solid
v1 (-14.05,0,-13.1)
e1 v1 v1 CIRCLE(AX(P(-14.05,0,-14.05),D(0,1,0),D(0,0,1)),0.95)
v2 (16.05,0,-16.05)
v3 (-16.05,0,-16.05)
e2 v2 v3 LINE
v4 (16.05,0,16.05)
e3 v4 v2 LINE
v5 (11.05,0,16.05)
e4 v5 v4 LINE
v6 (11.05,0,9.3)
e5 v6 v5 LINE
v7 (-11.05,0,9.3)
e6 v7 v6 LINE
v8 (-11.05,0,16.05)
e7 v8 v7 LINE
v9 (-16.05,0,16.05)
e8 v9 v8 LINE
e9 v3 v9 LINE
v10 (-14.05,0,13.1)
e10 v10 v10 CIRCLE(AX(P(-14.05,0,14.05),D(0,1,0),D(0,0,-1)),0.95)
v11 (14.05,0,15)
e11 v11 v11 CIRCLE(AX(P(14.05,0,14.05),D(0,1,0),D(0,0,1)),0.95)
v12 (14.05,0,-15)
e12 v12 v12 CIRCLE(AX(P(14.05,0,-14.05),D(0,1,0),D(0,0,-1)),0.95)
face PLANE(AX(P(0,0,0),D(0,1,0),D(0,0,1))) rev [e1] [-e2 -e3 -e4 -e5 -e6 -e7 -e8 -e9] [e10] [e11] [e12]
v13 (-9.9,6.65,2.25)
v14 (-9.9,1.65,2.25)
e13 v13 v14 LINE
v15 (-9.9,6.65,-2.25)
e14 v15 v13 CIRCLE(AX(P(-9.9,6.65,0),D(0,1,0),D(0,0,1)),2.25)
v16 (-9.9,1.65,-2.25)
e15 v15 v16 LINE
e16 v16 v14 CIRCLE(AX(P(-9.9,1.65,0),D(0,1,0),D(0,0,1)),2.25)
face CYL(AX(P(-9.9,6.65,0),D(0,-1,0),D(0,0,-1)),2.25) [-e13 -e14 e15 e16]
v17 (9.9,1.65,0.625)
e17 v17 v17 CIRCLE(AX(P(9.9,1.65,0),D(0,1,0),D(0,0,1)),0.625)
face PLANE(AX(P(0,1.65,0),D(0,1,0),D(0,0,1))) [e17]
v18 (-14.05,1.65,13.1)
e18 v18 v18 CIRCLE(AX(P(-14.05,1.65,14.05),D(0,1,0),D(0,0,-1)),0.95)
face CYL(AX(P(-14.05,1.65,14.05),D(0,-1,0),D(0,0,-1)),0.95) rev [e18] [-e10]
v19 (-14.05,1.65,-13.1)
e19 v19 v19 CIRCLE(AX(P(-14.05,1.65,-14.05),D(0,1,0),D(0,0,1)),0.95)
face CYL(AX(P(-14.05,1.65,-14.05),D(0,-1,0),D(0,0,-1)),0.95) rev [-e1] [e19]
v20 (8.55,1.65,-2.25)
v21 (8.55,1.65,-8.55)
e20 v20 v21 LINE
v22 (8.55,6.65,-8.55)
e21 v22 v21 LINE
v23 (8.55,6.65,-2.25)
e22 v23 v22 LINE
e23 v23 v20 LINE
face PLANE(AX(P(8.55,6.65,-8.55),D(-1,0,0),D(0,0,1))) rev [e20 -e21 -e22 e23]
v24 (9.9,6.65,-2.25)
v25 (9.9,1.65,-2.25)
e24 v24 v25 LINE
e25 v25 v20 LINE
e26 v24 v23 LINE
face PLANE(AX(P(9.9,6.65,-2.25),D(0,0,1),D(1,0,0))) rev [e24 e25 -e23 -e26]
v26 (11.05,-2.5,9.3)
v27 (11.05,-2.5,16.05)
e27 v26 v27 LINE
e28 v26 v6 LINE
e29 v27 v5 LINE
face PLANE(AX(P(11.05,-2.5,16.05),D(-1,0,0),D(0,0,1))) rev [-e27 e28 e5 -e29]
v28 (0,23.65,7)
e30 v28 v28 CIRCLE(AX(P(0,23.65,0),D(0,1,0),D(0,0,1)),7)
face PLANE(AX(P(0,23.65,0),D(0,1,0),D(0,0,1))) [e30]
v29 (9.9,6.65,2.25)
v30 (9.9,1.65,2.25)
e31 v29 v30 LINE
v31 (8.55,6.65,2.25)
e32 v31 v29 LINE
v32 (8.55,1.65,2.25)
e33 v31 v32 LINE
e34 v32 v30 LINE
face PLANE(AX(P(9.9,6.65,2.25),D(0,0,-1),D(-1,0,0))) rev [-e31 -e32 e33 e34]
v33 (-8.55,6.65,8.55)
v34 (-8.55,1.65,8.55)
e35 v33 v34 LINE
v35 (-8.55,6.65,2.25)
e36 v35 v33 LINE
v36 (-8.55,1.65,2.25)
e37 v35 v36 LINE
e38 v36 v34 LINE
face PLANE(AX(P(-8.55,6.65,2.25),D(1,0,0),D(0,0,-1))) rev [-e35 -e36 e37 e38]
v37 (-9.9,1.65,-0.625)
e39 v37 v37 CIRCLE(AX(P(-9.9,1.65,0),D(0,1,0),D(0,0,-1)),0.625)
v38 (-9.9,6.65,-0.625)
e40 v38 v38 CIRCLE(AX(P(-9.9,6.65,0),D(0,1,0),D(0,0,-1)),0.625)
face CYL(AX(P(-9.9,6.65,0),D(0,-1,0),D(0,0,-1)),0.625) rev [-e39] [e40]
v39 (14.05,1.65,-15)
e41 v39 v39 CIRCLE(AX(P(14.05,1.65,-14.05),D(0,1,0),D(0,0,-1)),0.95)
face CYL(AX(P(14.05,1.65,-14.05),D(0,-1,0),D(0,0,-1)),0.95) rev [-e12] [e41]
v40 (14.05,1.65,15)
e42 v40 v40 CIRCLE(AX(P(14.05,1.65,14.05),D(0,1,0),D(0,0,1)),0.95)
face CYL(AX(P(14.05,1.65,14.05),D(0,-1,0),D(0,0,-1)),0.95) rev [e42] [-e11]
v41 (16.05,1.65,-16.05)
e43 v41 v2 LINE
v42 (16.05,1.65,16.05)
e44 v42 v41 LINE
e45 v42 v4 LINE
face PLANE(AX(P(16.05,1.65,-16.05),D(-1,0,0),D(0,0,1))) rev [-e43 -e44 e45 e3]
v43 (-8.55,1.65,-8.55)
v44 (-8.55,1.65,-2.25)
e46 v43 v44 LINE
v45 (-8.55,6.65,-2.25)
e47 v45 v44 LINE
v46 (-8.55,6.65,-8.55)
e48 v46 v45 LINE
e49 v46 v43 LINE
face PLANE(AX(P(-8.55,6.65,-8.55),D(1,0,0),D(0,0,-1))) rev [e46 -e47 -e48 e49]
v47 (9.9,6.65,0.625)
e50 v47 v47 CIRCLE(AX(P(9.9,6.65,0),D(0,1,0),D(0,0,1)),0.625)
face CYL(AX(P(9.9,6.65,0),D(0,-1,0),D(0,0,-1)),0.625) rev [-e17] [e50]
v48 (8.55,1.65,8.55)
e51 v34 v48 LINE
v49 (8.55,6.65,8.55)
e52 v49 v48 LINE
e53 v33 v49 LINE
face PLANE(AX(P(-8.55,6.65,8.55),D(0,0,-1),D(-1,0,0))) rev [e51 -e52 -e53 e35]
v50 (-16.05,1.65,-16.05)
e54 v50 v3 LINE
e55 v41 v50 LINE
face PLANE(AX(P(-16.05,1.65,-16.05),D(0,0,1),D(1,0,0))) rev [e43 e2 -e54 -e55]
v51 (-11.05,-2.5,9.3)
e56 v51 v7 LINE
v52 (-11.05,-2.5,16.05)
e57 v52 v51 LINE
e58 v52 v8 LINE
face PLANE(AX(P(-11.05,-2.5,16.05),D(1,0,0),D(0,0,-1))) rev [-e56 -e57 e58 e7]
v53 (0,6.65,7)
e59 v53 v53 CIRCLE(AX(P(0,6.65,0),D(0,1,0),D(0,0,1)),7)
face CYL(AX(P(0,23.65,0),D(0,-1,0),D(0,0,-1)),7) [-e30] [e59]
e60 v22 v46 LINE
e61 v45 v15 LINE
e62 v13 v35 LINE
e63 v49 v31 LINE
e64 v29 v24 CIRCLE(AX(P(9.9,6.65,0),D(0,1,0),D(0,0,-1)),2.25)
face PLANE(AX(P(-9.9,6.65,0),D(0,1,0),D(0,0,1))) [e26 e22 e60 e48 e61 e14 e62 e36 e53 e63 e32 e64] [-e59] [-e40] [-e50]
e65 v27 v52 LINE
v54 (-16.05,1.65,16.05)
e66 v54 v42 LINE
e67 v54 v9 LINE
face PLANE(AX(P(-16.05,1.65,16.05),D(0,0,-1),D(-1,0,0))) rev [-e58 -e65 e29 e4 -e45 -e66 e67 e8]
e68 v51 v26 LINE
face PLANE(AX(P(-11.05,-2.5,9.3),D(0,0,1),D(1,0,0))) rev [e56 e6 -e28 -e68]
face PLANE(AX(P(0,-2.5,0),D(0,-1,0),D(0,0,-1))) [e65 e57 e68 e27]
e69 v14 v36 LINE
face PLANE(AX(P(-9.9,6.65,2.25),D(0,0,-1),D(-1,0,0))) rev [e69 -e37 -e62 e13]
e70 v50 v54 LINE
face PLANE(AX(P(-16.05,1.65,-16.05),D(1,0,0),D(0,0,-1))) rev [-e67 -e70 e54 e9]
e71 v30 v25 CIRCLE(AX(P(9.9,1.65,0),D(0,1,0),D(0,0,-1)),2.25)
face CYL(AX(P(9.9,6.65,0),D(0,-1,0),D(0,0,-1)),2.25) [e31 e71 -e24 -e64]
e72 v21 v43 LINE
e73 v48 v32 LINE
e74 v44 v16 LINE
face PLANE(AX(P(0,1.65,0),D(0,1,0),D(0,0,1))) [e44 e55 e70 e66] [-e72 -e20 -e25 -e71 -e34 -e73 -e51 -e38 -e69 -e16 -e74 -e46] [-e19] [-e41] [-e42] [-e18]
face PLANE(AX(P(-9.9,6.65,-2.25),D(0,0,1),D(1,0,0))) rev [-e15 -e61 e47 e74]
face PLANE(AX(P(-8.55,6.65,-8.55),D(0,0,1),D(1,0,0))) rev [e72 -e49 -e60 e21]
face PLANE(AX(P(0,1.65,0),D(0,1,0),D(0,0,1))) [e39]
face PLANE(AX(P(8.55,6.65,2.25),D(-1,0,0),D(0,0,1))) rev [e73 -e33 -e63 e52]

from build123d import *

# Parameters (mm, degrees)
SKETCH1_W           = 32.1
SKETCH1_H           = 32.1
SKETCH1_R           = 0.95
BOSS_EXTRUDE1_DEPTH = 1.65
SKETCH2_W           = 22.1
SKETCH2_H           = 6.75
BOSS_EXTRUDE2_DEPTH = 2.5
SKETCH3_R           = 0.625
BOSS_EXTRUDE3_DEPTH = 5
SKETCH4_R           = 7
BOSS_EXTRUDE4_DEPTH = 17


with BuildPart() as part:
    # Sketch1 → Boss-Extrude1 (new body)
    with BuildSketch(Plane(origin=(0, 0, 0), x_dir=(1, 0, 0), z_dir=(0, 1, 0))):
        Rectangle(SKETCH1_W, SKETCH1_H)
        with Locations(Location((-14.05, 14.05, 0), (0, 0, 270))):
            Circle(SKETCH1_R, mode=Mode.SUBTRACT)
        with Locations(Location((14.05, 14.05, 0), (0, 0, 90))):
            Circle(SKETCH1_R, mode=Mode.SUBTRACT)
        with Locations(Location((14.05, -14.05, 0), (0, 0, 270))):
            Circle(SKETCH1_R, mode=Mode.SUBTRACT)
        with Locations(Location((-14.05, -14.05, 0), (0, 0, 90))):
            Circle(SKETCH1_R, mode=Mode.SUBTRACT)
    extrude(amount=BOSS_EXTRUDE1_DEPTH)

    # Sketch2 → Boss-Extrude2 (add)
    with BuildSketch(Plane.XZ):
        with Locations((0, 12.675)):
            Rectangle(SKETCH2_W, SKETCH2_H)
    extrude(amount=BOSS_EXTRUDE2_DEPTH)

    # Sketch3 → Boss-Extrude3 (add)
    with BuildSketch(Plane(origin=(0, 1.65, 0), x_dir=(1, 0, 0), z_dir=(0, 1, 0))):
        with BuildLine():
            Line((9.9, 2.25), (8.55, 2.25))
            Line((8.55, 2.25), (8.55, 8.55))
            Line((8.55, 8.55), (-8.55, 8.55))
            Line((-8.55, 8.55), (-8.55, 2.25))
            Line((-8.55, 2.25), (-9.9, 2.25))
            ThreePointArc((-9.9, 2.25), (-12.15, 0), (-9.9, -2.25))
            Line((-9.9, -2.25), (-8.55, -2.25))
            Line((-8.55, -2.25), (-8.55, -8.55))
            Line((-8.55, -8.55), (8.55, -8.55))
            Line((8.55, -8.55), (8.55, -2.25))
            Line((8.55, -2.25), (9.9, -2.25))
            ThreePointArc((9.9, -2.25), (12.15, 0), (9.9, 2.25))
        make_face()
        with Locations(Location((9.9, 0, 0), (0, 0, 270))):
            Circle(SKETCH3_R, mode=Mode.SUBTRACT)
        with Locations(Location((-9.9, 0, 0), (0, 0, 90))):
            Circle(SKETCH3_R, mode=Mode.SUBTRACT)
    extrude(amount=BOSS_EXTRUDE3_DEPTH)

    # Sketch4 → Boss-Extrude4 (add)
    with BuildSketch(Plane(origin=(0, 6.65, 0), x_dir=(1, 0, 0), z_dir=(0, 1, 0))):
        with Locations(Location((0, 0, 0), (0, 0, 270))):
            Circle(SKETCH4_R)
    extrude(amount=BOSS_EXTRUDE4_DEPTH)


solid = part.part
